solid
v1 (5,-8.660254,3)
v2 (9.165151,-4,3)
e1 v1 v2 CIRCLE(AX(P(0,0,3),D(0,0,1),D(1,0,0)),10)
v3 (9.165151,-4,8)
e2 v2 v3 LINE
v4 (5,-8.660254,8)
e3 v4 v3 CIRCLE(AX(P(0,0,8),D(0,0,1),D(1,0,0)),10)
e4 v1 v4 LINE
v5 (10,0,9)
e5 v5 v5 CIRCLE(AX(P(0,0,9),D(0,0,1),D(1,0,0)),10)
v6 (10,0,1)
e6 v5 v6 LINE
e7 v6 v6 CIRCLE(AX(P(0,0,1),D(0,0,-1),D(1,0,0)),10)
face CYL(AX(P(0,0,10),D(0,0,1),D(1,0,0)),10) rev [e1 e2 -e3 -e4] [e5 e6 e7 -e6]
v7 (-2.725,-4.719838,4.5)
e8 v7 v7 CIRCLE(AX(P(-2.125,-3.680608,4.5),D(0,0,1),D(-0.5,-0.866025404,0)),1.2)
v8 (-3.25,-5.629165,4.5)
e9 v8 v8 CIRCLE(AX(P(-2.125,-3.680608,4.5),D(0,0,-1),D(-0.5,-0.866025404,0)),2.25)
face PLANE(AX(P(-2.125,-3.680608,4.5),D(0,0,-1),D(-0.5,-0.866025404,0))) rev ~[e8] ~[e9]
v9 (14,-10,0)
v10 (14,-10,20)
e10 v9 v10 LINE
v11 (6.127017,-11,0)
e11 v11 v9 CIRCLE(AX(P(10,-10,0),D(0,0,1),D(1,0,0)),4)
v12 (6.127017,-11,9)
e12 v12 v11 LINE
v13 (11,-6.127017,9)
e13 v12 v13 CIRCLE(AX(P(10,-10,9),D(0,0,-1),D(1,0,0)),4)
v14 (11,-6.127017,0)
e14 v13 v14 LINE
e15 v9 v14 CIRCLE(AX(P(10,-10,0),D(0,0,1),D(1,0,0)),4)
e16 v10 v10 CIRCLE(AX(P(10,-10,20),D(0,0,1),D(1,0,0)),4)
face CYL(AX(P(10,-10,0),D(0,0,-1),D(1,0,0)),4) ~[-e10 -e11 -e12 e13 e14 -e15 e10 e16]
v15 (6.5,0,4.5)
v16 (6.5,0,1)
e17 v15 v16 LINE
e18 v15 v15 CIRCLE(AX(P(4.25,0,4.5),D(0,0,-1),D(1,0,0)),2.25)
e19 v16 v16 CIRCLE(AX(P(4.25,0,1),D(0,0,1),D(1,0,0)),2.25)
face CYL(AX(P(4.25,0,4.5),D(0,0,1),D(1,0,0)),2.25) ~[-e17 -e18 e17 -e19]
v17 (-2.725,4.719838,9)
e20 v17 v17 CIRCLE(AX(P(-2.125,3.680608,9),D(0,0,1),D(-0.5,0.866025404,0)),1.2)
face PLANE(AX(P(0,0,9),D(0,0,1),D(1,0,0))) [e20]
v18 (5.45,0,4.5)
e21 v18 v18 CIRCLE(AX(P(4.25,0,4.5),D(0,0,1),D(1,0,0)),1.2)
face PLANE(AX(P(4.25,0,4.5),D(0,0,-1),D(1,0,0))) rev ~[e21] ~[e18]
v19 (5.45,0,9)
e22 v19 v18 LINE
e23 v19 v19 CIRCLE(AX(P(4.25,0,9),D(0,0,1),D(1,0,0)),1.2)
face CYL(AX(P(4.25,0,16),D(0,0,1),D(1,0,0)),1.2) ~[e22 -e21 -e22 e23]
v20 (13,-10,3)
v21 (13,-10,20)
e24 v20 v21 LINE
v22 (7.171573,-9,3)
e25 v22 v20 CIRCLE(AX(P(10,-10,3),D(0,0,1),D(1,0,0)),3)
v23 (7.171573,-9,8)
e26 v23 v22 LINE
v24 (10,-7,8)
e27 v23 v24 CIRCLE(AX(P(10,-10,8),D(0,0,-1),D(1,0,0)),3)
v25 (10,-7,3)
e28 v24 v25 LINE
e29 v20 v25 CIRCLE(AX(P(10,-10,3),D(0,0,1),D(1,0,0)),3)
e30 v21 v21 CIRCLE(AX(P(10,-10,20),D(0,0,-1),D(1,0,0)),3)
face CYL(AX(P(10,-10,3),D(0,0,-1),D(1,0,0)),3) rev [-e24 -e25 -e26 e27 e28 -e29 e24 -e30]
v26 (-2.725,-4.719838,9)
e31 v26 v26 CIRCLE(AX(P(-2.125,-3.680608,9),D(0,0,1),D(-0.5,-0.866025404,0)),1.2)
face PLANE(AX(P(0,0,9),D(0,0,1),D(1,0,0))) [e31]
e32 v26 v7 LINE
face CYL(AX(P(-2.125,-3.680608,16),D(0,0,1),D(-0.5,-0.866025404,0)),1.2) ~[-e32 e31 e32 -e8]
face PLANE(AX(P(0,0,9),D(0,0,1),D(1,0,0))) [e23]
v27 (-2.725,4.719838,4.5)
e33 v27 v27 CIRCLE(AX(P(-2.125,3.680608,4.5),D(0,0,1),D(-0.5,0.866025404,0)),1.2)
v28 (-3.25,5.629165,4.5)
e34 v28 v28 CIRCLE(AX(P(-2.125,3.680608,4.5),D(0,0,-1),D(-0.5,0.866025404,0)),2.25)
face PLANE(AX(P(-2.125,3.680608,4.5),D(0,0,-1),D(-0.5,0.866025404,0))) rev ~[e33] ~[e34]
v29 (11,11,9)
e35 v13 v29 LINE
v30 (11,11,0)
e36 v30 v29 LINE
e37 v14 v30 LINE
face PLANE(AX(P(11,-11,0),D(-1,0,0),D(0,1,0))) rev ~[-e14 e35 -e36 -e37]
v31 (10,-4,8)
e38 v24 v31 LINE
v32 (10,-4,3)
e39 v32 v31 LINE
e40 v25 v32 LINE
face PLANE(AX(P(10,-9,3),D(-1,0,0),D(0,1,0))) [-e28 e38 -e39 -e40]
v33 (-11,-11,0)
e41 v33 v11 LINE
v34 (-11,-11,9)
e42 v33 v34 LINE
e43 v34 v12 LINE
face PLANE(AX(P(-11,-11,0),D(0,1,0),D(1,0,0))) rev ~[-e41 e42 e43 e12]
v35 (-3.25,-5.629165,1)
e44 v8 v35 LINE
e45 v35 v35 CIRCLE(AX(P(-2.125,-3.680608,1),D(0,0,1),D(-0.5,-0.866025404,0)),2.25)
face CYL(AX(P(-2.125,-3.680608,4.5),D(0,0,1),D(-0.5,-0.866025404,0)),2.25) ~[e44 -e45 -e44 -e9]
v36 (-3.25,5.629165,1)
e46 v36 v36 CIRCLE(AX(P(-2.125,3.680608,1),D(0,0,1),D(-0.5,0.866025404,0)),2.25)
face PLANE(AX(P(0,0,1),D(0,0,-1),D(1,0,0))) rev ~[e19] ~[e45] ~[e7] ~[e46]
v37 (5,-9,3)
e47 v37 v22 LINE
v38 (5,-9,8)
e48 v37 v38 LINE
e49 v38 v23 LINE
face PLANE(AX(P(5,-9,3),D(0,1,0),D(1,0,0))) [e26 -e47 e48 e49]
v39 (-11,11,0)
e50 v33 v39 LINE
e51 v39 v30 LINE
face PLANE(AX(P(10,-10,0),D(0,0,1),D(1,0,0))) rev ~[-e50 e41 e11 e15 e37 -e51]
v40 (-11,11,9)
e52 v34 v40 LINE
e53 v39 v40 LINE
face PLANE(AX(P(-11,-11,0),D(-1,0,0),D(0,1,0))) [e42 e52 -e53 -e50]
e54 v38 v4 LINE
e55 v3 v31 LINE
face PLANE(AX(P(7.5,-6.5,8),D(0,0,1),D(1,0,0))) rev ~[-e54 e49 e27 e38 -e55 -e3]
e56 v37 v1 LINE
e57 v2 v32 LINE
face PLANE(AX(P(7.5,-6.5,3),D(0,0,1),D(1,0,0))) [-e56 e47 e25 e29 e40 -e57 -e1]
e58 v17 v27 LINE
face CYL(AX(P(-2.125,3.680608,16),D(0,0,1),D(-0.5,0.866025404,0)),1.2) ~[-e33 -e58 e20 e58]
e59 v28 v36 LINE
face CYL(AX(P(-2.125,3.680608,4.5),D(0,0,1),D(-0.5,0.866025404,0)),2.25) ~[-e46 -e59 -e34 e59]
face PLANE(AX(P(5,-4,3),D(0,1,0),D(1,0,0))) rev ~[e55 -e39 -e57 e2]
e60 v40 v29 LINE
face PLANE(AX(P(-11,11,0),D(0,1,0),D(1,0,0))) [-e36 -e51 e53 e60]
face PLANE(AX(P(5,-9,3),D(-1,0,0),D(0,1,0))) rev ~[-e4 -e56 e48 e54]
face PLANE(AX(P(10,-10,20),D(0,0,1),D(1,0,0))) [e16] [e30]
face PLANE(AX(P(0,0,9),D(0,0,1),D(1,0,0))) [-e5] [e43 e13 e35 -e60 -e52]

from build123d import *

# Parameters (mm, degrees)
BOX001_W            = 5
BOX001_H            = 5
BOX001_DEPTH        = 5
CYLINDER157_R       = 2.25
CYLINDER157_DEPTH   = 7
CYLINDER156_R       = 1.2
CYLINDER156_DEPTH   = 14
CYLINDER147_R       = 1
CYLINDER147_DEPTH   = 1
ARRAY_COUNT         = 3
CYLINDER153_R       = 10
CYLINDER153_DEPTH   = 9
CUT_PLACEMENT_ANGLE = 180
CYLINDER158_R       = 3
CYLINDER158_DEPTH   = 23
CYLINDER_R          = 1
CYLINDER_DEPTH      = 10
CYLINDER159_R       = 4
CYLINDER159_DEPTH   = 20
BOX_W               = 22
BOX_H               = 22
BOX_DEPTH           = 9


with BuildPart() as cube001:
    # Box001 → Box001 (new body)
    with BuildSketch(Plane(origin=(5, -9, 3), x_dir=(1, 0, 0), z_dir=(0, 0, 1))):
        with Locations((2.5, 2.5)):
            Rectangle(BOX001_W, BOX001_H)
    extrude(amount=BOX001_DEPTH)


with BuildPart() as sealsubtraction:
    # Cylinder157 → Cylinder157 (new body)
    with BuildSketch(Plane.XY.offset(4.5)):
        Circle(CYLINDER157_R)
    extrude(amount=CYLINDER157_DEPTH)


with BuildPart() as bottomwireoutlet:
    # Cylinder156 → Cylinder156 (new body)
    with BuildSketch(Plane.XY.offset(-7)):
        Circle(CYLINDER156_R)
    extrude(amount=CYLINDER156_DEPTH)


with BuildPart() as sealarray:
    # Cylinder147 → Cylinder147 (new body)
    with BuildSketch(Plane.XY.offset(4.5)):
        Circle(CYLINDER147_R)
    extrude(amount=CYLINDER147_DEPTH)

    # Fusion: union SealSubtraction, BottomWireOutlet
    add(sealsubtraction.part)
    add(bottomwireoutlet.part)


with BuildPart() as sealarray_1:
    # Fusion placement: moved
    add(sealarray.part.moved(Location((4.25, 0, 0))))

    # Array: SealArray ×3 about axis
    array_axis = Axis((0, 0, 0), (0, 0, 1))


with BuildPart() as sealarray_2:
    add(sealarray_1.part)
    for i in range(1, ARRAY_COUNT):
        add(sealarray_1.part.rotate(array_axis, i * 360 / ARRAY_COUNT))


with BuildPart() as cut:
    # Cylinder153 → Cylinder153 (new body)
    with BuildSketch(Plane.XY.offset(-1)):
        Circle(CYLINDER153_R)
    extrude(amount=CYLINDER153_DEPTH)

    # Cut: cut SealArray
    add(sealarray_2.part, mode=Mode.SUBTRACT)


with BuildPart() as cut_1:
    # Cut placement: moved
    add(cut.part.moved(Location((0, 0, 9))).rotate(Axis((0, 0, 9), (1, 0, 0)), CUT_PLACEMENT_ANGLE))


with BuildPart() as cylinder001:
    # Cylinder158 → Cylinder158 (new body)
    with BuildSketch(Plane(origin=(10, -10, 3), x_dir=(1, 0, 0), z_dir=(0, 0, 1))):
        Circle(CYLINDER158_R)
    extrude(amount=CYLINDER158_DEPTH)


with BuildPart() as fusion003:
    # Cylinder → Cylinder (new body)
    with BuildSketch(Plane.XY.offset(6)):
        Circle(CYLINDER_R)
    extrude(amount=CYLINDER_DEPTH)

    # Fusion001: union Cylinder001
    add(cylinder001.part)

    # Fusion003: union Cut
    add(cut_1.part)


with BuildPart() as cylinder002:
    # Cylinder159 → Cylinder159 (new body)
    with BuildSketch(Plane(origin=(10, -10, 0), x_dir=(1, 0, 0), z_dir=(0, 0, 1))):
        Circle(CYLINDER159_R)
    extrude(amount=CYLINDER159_DEPTH)


with BuildPart() as cut002:
    # Box → Box (new body)
    with BuildSketch(Plane(origin=(-11, -11, 0), x_dir=(1, 0, 0), z_dir=(0, 0, 1))):
        with Locations((11, 11)):
            Rectangle(BOX_W, BOX_H)
    extrude(amount=BOX_DEPTH)

    # Fusion002: union Cylinder002
    add(cylinder002.part)

    # Cut001: cut Fusion003
    add(fusion003.part, mode=Mode.SUBTRACT)

    # Cut002: cut Cube001
    add(cube001.part, mode=Mode.SUBTRACT)


solid = cut002.part
